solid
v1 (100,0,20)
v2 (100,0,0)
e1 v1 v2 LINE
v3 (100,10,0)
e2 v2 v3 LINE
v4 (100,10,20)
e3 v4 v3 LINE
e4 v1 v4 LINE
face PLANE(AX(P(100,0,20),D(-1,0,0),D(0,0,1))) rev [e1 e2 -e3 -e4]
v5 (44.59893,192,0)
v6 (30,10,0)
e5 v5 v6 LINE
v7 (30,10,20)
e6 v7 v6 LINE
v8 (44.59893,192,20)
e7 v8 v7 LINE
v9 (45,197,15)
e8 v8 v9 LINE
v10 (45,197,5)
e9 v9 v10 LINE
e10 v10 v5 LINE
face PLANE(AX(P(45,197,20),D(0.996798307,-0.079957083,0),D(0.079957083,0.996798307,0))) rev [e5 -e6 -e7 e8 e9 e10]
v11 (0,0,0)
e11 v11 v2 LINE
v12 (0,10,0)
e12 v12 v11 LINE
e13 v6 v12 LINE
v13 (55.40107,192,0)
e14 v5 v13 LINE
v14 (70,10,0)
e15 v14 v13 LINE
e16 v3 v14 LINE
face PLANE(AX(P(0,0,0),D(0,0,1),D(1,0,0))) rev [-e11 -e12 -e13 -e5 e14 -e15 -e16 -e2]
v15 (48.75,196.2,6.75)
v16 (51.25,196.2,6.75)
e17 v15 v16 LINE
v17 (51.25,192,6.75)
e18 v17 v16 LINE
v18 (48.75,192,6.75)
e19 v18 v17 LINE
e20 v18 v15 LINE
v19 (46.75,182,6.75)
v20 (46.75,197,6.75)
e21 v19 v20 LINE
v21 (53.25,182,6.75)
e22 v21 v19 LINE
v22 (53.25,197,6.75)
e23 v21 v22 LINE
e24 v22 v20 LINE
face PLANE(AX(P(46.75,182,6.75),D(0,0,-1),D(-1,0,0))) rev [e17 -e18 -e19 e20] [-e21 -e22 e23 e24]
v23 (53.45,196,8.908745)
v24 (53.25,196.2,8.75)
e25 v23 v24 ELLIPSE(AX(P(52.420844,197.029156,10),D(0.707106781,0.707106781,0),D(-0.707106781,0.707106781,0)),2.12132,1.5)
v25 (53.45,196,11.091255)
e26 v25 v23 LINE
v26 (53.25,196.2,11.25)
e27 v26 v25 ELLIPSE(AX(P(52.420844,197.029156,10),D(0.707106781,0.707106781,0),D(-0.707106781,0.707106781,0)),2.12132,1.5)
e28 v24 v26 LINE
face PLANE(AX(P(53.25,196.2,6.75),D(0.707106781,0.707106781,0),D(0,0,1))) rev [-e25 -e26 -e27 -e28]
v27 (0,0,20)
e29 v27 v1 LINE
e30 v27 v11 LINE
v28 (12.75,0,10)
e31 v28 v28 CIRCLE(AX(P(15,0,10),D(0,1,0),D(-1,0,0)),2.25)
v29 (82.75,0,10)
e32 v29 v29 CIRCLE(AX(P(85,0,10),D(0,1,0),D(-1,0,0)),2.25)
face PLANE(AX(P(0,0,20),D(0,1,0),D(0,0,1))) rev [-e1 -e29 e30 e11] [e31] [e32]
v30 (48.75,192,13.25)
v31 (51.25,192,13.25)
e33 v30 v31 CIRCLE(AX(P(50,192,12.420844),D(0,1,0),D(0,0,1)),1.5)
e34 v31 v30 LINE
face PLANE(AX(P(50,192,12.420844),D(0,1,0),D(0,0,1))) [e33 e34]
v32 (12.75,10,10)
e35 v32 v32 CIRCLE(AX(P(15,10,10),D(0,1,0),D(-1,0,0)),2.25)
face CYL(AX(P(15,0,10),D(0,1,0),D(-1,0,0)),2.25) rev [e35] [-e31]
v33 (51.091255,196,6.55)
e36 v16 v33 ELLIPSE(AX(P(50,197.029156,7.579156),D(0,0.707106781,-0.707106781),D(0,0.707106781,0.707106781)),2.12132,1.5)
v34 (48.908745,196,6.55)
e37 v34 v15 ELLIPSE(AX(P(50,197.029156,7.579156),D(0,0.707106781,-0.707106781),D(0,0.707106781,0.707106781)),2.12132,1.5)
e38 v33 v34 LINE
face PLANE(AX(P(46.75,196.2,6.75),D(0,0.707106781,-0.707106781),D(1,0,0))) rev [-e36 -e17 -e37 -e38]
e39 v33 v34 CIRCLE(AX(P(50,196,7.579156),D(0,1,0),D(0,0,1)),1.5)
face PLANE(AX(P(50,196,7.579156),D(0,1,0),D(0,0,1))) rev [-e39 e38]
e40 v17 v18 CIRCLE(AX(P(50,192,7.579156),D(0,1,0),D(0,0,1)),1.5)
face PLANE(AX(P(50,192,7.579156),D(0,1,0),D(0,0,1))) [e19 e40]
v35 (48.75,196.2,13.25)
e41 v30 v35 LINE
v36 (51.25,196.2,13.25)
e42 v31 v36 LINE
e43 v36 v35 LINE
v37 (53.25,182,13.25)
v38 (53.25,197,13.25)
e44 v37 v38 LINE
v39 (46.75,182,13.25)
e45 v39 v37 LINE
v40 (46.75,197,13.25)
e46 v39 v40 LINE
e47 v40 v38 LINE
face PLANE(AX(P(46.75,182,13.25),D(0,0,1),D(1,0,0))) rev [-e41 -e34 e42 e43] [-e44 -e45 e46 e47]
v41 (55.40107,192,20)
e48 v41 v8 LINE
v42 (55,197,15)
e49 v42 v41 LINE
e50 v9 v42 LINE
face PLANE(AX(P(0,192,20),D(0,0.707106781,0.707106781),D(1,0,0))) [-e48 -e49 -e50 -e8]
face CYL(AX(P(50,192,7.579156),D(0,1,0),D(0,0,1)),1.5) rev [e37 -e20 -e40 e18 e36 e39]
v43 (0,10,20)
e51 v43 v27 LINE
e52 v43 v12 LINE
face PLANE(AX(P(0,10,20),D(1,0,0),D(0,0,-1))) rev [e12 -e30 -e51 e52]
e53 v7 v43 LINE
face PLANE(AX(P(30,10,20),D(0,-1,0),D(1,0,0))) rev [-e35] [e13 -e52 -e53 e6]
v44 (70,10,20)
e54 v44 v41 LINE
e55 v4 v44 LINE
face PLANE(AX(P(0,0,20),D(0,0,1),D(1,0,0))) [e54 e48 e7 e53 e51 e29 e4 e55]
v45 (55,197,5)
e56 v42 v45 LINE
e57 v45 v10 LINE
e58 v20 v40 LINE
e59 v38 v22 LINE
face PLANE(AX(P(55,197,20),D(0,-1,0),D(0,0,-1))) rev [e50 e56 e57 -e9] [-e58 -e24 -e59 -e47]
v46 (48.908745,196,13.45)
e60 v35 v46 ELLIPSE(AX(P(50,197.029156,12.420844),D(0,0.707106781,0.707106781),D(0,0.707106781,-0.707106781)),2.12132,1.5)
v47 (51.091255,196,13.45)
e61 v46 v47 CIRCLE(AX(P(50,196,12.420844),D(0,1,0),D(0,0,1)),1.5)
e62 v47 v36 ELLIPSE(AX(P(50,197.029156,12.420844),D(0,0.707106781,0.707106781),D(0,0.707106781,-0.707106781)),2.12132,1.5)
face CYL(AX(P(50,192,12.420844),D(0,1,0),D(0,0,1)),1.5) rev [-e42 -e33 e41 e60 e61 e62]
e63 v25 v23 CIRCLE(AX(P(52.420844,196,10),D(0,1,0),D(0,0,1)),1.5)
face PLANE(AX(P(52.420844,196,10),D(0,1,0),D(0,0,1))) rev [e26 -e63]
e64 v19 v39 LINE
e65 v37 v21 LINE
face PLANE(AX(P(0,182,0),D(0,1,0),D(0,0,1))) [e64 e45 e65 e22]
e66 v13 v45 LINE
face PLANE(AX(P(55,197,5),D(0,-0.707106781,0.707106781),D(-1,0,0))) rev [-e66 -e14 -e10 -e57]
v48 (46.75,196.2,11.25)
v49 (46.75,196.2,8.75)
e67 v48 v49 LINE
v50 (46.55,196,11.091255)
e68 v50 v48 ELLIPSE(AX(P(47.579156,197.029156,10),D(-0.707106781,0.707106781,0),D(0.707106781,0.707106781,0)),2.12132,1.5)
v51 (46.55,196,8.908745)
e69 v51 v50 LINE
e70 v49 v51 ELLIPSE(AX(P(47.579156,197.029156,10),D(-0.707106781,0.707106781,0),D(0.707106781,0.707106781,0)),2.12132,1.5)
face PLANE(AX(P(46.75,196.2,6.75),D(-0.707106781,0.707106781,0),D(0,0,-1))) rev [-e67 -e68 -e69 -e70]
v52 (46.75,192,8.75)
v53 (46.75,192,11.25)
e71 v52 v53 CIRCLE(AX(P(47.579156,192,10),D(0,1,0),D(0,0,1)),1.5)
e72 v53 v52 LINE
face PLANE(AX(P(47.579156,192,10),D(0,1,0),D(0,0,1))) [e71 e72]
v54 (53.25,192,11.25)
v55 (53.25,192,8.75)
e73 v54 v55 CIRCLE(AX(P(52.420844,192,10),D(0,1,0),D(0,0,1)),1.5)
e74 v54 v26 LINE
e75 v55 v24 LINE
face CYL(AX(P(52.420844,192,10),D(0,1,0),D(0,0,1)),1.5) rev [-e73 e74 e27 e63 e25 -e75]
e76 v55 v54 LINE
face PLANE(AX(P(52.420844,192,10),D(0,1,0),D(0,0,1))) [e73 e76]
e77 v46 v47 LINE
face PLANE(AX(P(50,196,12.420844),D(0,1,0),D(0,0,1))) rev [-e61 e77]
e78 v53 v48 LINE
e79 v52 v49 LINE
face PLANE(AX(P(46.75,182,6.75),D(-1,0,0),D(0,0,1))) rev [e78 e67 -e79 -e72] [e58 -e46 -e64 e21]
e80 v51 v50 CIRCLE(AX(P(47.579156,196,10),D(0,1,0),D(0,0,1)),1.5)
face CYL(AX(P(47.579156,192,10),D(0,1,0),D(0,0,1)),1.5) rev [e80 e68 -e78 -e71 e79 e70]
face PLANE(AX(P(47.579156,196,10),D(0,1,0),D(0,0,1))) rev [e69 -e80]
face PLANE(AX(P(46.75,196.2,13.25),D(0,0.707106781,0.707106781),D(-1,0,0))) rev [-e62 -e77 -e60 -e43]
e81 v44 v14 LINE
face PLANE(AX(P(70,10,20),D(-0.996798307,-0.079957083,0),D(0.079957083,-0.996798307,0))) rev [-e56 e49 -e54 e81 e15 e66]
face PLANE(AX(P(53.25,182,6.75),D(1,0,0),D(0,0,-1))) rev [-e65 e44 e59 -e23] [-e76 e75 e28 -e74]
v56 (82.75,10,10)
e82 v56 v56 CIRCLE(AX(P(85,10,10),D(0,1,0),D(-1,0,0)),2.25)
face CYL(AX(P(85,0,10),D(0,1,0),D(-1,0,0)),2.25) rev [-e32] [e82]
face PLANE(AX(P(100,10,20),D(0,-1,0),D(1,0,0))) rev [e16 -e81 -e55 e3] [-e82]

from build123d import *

# Parameters (mm, degrees)
RESSALTO_EXTRUS_O4_DEPTH = 20
ESBO_O8_W                = 6.5
ESBO_O8_H                = 6.5
CORTE_EXTRUS_O1_DEPTH    = 15
CORTE_EXTRUS_O2_START    = -1
CORTE_EXTRUS_O2_DEPTH    = 4
CHANFRO1_SIZE            = 0.2
CHANFRO2_SIZE            = 5
ESBO_O10_R               = 2.25
CORTE_EXTRUS_O3_DEPTH    = 214


with BuildPart() as part:
    # Esboço7 → Ressalto-extrusão4 (new body)
    with BuildSketch(Plane.XY):
        Polygon((0, 0), (100, 0), (100, 10), (70, 10), (55, 197), (45, 197), (30, 10), (0, 10), align=None)
    extrude(amount=RESSALTO_EXTRUS_O4_DEPTH)

    # Esboço8 → Corte-extrusão1 (cut)
    with BuildSketch(Plane(origin=(0, 197, 0), x_dir=(1, 0, 0), z_dir=(0, 1, 0))):
        with Locations((50, -10)):
            Rectangle(ESBO_O8_W, ESBO_O8_H)
    extrude(amount=-CORTE_EXTRUS_O1_DEPTH, mode=Mode.SUBTRACT)

    # Esboço9 → Corte-extrusão2 (cut)
    with BuildSketch(Plane(origin=(0, 197, 0), x_dir=(1, 0, 0), z_dir=(0, 1, 0)).offset(CORTE_EXTRUS_O2_START)):
        with BuildLine():
            Line((48.75, -6.75), (51.25, -6.75))
            ThreePointArc((51.25, -6.75), (50, -6.079156198), (48.75, -6.75))
        make_face()
        with BuildLine():
            Line((53.25, -8.75), (53.25, -11.25))
            ThreePointArc((53.25, -11.25), (53.920843802, -10), (53.25, -8.75))
        make_face()
        with BuildLine():
            Line((46.75, -8.75), (46.75, -11.25))
            ThreePointArc((46.75, -11.25), (46.079156198, -10), (46.75, -8.75))
        make_face()
        with BuildLine():
            Line((48.75, -13.25), (51.25, -13.25))
            ThreePointArc((51.25, -13.25), (50, -13.920843802), (48.75, -13.25))
        make_face()
    extrude(amount=-CORTE_EXTRUS_O2_DEPTH, mode=Mode.SUBTRACT)

    # Chanfro1
    chanfro1_edges = [part.edges().sort_by_distance(p)[0] for p in [
        (50, 196, 6.75),
        (53.25, 196, 10),
        (50, 196, 13.25),
        (46.75, 196, 10),
    ]]
    chamfer(chanfro1_edges, length=CHANFRO1_SIZE)

    # Chanfro2
    chanfro2_edges = [part.edges().sort_by_distance(p)[0] for p in [
        (50, 197, 20),
        (50, 197, 0),
    ]]
    chamfer(chanfro2_edges, length=CHANFRO2_SIZE)

    # Esboço10 → Corte-extrusão3 (cut, through all)
    with BuildSketch(Plane(origin=(0, 10, 0), x_dir=(1, 0, 0), z_dir=(0, 1, 0))):
        with Locations(Location((15, -10, 0), (0, 0, 180))):
            Circle(ESBO_O10_R)
        with Locations(Location((85, -10, 0), (0, 0, 180))):
            Circle(ESBO_O10_R)
    extrude(amount=-CORTE_EXTRUS_O3_DEPTH, mode=Mode.SUBTRACT)


solid = part.part
